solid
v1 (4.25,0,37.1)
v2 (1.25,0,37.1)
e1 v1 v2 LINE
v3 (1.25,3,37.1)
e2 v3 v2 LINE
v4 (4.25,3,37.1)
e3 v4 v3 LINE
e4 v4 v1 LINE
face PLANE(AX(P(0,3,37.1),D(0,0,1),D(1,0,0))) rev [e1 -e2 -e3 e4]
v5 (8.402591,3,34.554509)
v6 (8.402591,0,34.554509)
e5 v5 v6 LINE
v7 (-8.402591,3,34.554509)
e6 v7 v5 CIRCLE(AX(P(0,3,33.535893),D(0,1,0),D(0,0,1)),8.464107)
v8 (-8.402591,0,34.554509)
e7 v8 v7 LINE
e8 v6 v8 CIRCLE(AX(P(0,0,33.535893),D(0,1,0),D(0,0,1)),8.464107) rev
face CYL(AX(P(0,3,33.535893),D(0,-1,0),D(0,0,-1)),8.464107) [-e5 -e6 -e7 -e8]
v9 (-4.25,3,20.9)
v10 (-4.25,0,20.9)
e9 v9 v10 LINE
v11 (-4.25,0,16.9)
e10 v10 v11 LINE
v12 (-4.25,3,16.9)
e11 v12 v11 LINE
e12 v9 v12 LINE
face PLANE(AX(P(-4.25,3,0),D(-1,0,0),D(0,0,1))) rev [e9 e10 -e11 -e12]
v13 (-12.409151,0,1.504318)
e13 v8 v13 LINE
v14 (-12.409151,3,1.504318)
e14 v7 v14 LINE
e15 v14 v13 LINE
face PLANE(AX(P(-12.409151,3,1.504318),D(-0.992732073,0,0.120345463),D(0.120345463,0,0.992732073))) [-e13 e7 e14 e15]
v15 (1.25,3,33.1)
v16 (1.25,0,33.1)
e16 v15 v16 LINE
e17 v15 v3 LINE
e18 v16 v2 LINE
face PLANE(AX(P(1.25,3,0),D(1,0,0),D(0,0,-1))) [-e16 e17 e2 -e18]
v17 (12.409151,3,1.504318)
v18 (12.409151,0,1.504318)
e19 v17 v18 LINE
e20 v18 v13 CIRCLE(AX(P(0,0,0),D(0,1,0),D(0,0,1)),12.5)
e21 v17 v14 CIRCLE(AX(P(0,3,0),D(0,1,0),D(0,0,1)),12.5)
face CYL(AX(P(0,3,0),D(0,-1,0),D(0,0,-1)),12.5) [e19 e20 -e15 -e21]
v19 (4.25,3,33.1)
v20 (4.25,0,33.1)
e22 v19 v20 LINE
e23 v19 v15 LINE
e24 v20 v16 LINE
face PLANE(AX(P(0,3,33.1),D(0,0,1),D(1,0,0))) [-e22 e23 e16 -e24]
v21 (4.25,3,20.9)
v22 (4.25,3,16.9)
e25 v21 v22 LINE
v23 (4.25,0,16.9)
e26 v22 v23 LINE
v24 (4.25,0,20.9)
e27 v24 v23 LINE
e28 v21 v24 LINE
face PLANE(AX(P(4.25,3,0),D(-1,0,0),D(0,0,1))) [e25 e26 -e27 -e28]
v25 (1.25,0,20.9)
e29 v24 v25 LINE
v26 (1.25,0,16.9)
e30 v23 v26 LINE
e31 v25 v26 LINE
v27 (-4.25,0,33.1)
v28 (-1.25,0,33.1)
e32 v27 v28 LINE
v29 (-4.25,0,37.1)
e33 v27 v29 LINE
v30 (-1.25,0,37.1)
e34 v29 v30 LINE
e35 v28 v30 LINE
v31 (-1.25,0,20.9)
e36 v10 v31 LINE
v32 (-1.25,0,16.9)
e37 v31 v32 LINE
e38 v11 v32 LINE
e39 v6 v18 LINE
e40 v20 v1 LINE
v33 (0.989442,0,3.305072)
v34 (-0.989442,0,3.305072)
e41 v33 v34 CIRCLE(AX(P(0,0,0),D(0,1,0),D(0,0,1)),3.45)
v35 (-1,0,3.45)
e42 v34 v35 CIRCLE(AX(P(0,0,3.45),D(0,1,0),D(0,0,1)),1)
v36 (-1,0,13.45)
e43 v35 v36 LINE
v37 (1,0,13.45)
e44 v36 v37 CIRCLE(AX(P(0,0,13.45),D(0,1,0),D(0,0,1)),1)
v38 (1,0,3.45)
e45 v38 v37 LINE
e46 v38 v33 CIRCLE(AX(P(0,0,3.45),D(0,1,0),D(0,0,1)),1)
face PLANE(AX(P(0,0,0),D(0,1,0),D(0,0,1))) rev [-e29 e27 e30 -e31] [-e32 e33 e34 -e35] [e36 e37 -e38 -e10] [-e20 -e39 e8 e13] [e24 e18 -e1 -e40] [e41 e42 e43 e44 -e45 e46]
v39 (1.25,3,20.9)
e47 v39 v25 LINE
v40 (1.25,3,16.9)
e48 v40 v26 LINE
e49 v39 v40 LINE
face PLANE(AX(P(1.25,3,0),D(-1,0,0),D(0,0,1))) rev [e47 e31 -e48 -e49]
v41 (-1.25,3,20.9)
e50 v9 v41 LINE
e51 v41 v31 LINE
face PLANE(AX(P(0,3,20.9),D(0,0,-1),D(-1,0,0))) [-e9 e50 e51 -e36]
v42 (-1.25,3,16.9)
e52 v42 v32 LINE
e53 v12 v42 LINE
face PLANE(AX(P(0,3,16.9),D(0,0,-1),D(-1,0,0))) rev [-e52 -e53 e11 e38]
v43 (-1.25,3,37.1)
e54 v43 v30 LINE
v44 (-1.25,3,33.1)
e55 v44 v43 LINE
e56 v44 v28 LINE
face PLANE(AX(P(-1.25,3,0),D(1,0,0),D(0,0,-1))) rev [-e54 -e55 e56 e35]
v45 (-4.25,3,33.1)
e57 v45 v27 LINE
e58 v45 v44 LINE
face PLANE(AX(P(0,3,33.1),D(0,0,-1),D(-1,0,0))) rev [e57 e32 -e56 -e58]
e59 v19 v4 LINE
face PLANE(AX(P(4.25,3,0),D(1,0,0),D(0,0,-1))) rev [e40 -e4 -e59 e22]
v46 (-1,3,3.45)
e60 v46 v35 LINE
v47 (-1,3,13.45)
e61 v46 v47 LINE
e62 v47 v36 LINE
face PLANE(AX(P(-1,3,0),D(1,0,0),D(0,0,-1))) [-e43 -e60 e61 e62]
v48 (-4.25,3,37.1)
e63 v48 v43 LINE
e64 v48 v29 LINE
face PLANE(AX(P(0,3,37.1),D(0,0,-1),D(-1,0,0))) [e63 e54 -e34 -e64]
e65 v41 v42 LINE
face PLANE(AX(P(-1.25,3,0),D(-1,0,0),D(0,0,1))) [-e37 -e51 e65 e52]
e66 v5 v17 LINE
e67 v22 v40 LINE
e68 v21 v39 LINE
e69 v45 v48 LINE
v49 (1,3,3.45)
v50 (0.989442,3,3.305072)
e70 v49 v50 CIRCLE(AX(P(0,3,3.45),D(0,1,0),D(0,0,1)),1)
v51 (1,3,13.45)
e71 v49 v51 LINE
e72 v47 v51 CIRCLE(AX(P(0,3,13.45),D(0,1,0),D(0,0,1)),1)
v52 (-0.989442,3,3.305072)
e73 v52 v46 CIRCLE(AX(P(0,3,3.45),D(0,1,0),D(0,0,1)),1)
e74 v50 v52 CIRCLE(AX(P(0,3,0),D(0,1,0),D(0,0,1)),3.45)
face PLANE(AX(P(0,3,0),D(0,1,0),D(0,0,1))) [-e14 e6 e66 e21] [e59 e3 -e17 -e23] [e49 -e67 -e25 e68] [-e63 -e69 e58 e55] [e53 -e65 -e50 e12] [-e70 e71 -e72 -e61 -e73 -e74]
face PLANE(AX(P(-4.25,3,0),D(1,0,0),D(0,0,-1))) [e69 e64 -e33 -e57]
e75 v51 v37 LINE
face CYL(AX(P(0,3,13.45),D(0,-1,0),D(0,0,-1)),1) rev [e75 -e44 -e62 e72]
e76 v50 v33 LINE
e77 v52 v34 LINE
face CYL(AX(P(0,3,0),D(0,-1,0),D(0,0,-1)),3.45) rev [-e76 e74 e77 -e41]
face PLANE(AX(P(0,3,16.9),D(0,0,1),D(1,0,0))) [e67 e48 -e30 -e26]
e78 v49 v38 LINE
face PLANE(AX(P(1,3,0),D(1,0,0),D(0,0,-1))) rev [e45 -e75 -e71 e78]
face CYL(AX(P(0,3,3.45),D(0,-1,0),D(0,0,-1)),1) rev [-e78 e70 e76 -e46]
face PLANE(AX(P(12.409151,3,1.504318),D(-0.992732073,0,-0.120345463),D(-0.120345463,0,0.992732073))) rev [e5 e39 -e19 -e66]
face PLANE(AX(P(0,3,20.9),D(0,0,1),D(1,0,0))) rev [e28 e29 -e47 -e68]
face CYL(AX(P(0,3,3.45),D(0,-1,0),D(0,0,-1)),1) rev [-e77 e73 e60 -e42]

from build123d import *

# Parameters (mm, degrees)
SKETCH1_W           = 3
SKETCH1_H           = 4
BOSS_EXTRUDE2_DEPTH = 3
FILLET1_R           = 8.464107


with BuildPart() as part:
    # Sketch1 → Boss-Extrude2 (new body)
    with BuildSketch(Plane(origin=(0, 0, 0), x_dir=(1, 0, 0), z_dir=(0, 1, 0))):
        with BuildLine():
            Line((-7.5, -42), (7.5, -42))
            Line((7.5, -42), (12.409150917, -1.504318289))
            ThreePointArc((12.409150917, -1.504318289), (0, 12.5), (-12.409150917, -1.504318289))
            Line((-12.409150917, -1.504318289), (-7.5, -42))
        make_face()
        with BuildLine():
            ThreePointArc((-1, -3.45), (-0.997357075, -3.377344208), (-0.989442272, -3.305072464))
            ThreePointArc((-0.989442272, -3.305072464), (0, 3.45), (0.989442272, -3.305072464))
            ThreePointArc((0.989442272, -3.305072464), (0.997357075, -3.377344208), (1, -3.45))
            Line((1, -3.45), (1, -13.45))
            ThreePointArc((1, -13.45), (0, -14.45), (-1, -13.45))
            Line((-1, -13.45), (-1, -3.45))
        make_face(mode=Mode.SUBTRACT)
        with Locations((-2.75, -35.1)):
            Rectangle(SKETCH1_W, SKETCH1_H, mode=Mode.SUBTRACT)
        with Locations((-2.75, -18.9)):
            Rectangle(SKETCH1_W, SKETCH1_H, mode=Mode.SUBTRACT)
        with Locations((2.75, -35.1)):
            Rectangle(SKETCH1_W, SKETCH1_H, mode=Mode.SUBTRACT)
        with Locations((2.75, -18.9)):
            Rectangle(SKETCH1_W, SKETCH1_H, mode=Mode.SUBTRACT)
    extrude(amount=BOSS_EXTRUDE2_DEPTH)

    # Fillet1
    fillet1_edges = [part.edges().sort_by_distance(p)[0] for p in [
        (-7.5, 1.5, 42),
        (7.5, 1.5, 42),
    ]]
    fillet(fillet1_edges, radius=FILLET1_R)


solid = part.part
